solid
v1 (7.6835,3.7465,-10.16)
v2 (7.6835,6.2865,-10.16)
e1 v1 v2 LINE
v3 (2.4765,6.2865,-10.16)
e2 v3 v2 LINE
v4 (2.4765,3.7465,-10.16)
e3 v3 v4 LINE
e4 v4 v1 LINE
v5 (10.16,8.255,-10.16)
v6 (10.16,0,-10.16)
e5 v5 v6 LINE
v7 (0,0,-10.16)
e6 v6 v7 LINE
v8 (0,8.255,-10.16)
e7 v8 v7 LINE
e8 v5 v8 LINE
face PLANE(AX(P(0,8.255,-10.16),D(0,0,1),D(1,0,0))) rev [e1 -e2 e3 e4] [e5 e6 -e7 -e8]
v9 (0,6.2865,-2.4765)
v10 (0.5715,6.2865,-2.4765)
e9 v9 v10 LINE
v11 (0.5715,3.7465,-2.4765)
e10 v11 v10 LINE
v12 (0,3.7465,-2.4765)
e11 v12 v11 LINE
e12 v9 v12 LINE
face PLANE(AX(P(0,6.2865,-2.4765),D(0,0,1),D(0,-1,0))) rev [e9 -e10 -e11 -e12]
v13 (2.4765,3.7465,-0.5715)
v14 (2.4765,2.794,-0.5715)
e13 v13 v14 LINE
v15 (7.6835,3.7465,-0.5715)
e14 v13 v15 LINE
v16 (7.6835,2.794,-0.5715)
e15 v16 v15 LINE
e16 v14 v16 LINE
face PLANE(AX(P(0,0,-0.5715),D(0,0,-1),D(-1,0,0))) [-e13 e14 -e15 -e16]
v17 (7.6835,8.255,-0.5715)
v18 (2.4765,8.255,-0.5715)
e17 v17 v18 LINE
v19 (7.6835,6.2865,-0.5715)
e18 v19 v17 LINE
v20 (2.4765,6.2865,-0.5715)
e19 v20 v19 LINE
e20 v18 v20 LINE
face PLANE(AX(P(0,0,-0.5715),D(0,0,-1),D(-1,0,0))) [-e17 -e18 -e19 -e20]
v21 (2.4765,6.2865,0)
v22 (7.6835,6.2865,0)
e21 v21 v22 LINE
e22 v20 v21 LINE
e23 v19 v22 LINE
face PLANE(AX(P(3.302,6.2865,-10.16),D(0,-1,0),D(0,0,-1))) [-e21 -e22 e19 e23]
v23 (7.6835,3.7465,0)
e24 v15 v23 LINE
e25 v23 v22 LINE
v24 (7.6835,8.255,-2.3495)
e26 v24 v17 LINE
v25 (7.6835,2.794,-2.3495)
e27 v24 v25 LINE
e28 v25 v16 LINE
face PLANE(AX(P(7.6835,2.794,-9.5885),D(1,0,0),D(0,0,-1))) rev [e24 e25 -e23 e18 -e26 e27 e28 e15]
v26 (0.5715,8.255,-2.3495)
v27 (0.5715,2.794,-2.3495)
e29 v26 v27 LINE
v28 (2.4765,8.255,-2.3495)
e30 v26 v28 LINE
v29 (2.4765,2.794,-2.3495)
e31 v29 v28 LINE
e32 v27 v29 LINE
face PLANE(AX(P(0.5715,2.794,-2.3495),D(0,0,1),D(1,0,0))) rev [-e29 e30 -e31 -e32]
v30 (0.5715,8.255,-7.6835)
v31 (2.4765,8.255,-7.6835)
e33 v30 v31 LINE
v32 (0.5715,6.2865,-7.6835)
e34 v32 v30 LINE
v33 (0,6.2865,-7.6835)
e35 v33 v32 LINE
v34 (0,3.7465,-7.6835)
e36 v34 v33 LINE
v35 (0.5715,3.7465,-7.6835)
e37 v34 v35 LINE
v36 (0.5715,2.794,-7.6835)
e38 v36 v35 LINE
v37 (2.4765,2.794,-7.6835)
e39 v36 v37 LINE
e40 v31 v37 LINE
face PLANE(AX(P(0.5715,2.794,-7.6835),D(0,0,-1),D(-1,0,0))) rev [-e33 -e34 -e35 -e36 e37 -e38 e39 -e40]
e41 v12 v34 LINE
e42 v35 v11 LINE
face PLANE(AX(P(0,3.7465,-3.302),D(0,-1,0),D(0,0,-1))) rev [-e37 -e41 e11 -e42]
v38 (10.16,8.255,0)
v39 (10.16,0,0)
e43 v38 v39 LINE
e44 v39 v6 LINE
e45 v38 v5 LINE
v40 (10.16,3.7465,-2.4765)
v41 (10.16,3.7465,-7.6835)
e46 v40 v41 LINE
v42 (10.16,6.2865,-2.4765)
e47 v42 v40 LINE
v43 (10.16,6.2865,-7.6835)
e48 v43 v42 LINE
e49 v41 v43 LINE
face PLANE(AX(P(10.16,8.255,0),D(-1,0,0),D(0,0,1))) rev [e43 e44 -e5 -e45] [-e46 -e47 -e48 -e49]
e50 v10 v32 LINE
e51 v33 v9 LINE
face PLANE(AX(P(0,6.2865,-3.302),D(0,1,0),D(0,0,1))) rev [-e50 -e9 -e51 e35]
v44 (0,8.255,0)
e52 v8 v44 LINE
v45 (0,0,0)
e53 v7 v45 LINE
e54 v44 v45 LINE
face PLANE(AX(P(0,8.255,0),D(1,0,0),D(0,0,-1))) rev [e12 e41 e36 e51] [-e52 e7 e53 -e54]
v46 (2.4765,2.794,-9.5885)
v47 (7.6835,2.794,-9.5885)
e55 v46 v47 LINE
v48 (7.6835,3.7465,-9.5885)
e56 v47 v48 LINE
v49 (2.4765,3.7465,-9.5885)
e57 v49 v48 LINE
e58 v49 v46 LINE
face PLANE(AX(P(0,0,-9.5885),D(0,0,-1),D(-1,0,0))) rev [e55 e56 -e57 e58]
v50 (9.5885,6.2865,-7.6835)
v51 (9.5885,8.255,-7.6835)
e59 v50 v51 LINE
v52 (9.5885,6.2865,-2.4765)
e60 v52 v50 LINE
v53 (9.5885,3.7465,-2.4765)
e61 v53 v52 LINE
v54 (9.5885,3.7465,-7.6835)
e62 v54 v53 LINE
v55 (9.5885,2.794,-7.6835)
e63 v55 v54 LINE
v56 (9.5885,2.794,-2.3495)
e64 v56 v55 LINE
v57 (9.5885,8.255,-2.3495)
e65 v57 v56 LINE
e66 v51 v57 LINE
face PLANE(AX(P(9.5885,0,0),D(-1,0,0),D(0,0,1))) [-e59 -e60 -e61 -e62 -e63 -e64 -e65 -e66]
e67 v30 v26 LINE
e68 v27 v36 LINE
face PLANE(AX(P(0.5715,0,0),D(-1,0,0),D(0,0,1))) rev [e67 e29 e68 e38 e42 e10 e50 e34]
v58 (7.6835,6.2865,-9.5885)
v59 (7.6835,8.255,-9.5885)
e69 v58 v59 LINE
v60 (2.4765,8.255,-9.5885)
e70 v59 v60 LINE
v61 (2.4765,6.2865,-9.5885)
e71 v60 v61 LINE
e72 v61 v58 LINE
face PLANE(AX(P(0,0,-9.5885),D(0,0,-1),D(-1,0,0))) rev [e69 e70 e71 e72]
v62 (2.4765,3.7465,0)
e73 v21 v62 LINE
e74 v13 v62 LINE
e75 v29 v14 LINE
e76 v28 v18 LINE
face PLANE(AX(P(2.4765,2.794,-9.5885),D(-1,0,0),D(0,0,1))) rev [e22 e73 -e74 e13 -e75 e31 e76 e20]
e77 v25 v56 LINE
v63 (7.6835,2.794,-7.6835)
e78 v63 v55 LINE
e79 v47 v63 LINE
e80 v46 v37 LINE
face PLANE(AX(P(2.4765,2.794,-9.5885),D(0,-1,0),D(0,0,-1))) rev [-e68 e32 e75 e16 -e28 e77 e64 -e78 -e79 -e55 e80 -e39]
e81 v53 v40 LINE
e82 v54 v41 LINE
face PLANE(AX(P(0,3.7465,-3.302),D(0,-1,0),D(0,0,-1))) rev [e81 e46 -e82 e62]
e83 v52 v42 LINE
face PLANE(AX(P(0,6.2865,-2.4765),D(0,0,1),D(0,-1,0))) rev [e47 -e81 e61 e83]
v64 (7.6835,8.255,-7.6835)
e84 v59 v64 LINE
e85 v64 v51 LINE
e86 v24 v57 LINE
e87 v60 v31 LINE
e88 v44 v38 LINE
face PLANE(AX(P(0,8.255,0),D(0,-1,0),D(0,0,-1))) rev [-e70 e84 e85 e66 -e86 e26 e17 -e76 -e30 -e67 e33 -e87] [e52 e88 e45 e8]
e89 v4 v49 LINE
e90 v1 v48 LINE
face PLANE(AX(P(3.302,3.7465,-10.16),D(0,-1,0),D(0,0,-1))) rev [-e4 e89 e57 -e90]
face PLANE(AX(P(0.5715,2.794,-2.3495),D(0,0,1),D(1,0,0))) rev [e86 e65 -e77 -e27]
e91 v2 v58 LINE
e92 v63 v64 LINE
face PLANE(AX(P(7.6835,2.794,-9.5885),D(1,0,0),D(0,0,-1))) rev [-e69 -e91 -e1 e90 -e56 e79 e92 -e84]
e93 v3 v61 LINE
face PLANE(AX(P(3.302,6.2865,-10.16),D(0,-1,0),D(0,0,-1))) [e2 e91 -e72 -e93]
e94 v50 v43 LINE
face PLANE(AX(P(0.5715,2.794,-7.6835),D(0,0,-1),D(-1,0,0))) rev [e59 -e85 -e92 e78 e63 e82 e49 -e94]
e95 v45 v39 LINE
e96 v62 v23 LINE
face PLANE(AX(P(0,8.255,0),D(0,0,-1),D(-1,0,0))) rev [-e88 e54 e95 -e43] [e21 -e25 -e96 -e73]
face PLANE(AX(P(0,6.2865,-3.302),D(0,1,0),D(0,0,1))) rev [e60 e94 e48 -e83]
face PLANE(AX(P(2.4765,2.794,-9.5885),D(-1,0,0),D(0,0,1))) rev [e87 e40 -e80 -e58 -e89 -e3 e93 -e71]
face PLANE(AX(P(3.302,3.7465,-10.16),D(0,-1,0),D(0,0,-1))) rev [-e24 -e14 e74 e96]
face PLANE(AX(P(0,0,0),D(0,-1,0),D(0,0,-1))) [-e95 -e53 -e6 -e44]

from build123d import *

# Parameters (mm, degrees)
SKETCH1_W           = 10.16
SKETCH1_H           = 10.16
BOSS_EXTRUDE1_DEPTH = 8.255
SKETCH2_W           = 3.556
SKETCH2_H           = 2.54
CUT_EXTRUDE3_DEPTH  = 10.16
CUT_EXTRUDE4_START  = -0.5715
SKETCH4_W           = 5.207
SKETCH4_H           = 5.461
CUT_EXTRUDE4_DEPTH  = 9.017
CUT_EXTRUDE5_START  = -0.5715
SKETCH5_W           = 5.334
SKETCH5_H           = 5.461
CUT_EXTRUDE5_DEPTH  = 9.017
SKETCH6_W           = 3.556
SKETCH6_H           = 2.54
CUT_EXTRUDE6_DEPTH  = 10.16
SKETCH7_W           = 5.207
SKETCH7_H           = 2.54
CUT_EXTRUDE7_DEPTH  = 10.16
SKETCH8_W           = 5.207
SKETCH8_H           = 2.54
CUT_EXTRUDE8_DEPTH  = 10.16


with BuildPart() as part:
    # Sketch1 → Boss-Extrude1 (new body)
    with BuildSketch(Plane(origin=(0, 0, 0), x_dir=(1, 0, 0), z_dir=(0, 1, 0))):
        with Locations((5.08, 5.08)):
            Rectangle(SKETCH1_W, SKETCH1_H)
    extrude(amount=BOSS_EXTRUDE1_DEPTH)

    # Sketch2 → Cut-Extrude3 (cut)
    with BuildSketch(Plane.XY):
        with Locations((5.08, 5.0165)):
            Rectangle(SKETCH2_W, SKETCH2_H)
    extrude(amount=-CUT_EXTRUDE3_DEPTH, mode=Mode.SUBTRACT)

    # Sketch4 → Cut-Extrude4 (cut)
    with BuildSketch(Plane.XY.offset(CUT_EXTRUDE4_START)):
        with Locations((5.08, 5.5245)):
            Rectangle(SKETCH4_W, SKETCH4_H)
    extrude(amount=-CUT_EXTRUDE4_DEPTH, mode=Mode.SUBTRACT)

    # Sketch5 → Cut-Extrude5 (cut)
    with BuildSketch(Plane(origin=(10.16, 0, 0), x_dir=(0, 0, -1), z_dir=(1, 0, 0)).offset(CUT_EXTRUDE5_START)):
        with Locations((5.0165, 5.5245)):
            Rectangle(SKETCH5_W, SKETCH5_H)
    extrude(amount=-CUT_EXTRUDE5_DEPTH, mode=Mode.SUBTRACT)

    # Sketch6 → Cut-Extrude6 (cut)
    with BuildSketch(Plane(origin=(10.16, 0, 0), x_dir=(0, 0, -1), z_dir=(1, 0, 0))):
        with Locations((5.08, 5.0165)):
            Rectangle(SKETCH6_W, SKETCH6_H)
    extrude(amount=-CUT_EXTRUDE6_DEPTH, mode=Mode.SUBTRACT)

    # Sketch7 → Cut-Extrude7 (cut)
    with BuildSketch(Plane.XY):
        with Locations((5.08, 5.0165)):
            Rectangle(SKETCH7_W, SKETCH7_H)
    extrude(amount=-CUT_EXTRUDE7_DEPTH, mode=Mode.SUBTRACT)

    # Sketch8 → Cut-Extrude8 (cut)
    with BuildSketch(Plane(origin=(10.16, 0, 0), x_dir=(0, 0, -1), z_dir=(1, 0, 0))):
        with Locations((5.08, 5.0165)):
            Rectangle(SKETCH8_W, SKETCH8_H)
    extrude(amount=-CUT_EXTRUDE8_DEPTH, mode=Mode.SUBTRACT)


solid = part.part
